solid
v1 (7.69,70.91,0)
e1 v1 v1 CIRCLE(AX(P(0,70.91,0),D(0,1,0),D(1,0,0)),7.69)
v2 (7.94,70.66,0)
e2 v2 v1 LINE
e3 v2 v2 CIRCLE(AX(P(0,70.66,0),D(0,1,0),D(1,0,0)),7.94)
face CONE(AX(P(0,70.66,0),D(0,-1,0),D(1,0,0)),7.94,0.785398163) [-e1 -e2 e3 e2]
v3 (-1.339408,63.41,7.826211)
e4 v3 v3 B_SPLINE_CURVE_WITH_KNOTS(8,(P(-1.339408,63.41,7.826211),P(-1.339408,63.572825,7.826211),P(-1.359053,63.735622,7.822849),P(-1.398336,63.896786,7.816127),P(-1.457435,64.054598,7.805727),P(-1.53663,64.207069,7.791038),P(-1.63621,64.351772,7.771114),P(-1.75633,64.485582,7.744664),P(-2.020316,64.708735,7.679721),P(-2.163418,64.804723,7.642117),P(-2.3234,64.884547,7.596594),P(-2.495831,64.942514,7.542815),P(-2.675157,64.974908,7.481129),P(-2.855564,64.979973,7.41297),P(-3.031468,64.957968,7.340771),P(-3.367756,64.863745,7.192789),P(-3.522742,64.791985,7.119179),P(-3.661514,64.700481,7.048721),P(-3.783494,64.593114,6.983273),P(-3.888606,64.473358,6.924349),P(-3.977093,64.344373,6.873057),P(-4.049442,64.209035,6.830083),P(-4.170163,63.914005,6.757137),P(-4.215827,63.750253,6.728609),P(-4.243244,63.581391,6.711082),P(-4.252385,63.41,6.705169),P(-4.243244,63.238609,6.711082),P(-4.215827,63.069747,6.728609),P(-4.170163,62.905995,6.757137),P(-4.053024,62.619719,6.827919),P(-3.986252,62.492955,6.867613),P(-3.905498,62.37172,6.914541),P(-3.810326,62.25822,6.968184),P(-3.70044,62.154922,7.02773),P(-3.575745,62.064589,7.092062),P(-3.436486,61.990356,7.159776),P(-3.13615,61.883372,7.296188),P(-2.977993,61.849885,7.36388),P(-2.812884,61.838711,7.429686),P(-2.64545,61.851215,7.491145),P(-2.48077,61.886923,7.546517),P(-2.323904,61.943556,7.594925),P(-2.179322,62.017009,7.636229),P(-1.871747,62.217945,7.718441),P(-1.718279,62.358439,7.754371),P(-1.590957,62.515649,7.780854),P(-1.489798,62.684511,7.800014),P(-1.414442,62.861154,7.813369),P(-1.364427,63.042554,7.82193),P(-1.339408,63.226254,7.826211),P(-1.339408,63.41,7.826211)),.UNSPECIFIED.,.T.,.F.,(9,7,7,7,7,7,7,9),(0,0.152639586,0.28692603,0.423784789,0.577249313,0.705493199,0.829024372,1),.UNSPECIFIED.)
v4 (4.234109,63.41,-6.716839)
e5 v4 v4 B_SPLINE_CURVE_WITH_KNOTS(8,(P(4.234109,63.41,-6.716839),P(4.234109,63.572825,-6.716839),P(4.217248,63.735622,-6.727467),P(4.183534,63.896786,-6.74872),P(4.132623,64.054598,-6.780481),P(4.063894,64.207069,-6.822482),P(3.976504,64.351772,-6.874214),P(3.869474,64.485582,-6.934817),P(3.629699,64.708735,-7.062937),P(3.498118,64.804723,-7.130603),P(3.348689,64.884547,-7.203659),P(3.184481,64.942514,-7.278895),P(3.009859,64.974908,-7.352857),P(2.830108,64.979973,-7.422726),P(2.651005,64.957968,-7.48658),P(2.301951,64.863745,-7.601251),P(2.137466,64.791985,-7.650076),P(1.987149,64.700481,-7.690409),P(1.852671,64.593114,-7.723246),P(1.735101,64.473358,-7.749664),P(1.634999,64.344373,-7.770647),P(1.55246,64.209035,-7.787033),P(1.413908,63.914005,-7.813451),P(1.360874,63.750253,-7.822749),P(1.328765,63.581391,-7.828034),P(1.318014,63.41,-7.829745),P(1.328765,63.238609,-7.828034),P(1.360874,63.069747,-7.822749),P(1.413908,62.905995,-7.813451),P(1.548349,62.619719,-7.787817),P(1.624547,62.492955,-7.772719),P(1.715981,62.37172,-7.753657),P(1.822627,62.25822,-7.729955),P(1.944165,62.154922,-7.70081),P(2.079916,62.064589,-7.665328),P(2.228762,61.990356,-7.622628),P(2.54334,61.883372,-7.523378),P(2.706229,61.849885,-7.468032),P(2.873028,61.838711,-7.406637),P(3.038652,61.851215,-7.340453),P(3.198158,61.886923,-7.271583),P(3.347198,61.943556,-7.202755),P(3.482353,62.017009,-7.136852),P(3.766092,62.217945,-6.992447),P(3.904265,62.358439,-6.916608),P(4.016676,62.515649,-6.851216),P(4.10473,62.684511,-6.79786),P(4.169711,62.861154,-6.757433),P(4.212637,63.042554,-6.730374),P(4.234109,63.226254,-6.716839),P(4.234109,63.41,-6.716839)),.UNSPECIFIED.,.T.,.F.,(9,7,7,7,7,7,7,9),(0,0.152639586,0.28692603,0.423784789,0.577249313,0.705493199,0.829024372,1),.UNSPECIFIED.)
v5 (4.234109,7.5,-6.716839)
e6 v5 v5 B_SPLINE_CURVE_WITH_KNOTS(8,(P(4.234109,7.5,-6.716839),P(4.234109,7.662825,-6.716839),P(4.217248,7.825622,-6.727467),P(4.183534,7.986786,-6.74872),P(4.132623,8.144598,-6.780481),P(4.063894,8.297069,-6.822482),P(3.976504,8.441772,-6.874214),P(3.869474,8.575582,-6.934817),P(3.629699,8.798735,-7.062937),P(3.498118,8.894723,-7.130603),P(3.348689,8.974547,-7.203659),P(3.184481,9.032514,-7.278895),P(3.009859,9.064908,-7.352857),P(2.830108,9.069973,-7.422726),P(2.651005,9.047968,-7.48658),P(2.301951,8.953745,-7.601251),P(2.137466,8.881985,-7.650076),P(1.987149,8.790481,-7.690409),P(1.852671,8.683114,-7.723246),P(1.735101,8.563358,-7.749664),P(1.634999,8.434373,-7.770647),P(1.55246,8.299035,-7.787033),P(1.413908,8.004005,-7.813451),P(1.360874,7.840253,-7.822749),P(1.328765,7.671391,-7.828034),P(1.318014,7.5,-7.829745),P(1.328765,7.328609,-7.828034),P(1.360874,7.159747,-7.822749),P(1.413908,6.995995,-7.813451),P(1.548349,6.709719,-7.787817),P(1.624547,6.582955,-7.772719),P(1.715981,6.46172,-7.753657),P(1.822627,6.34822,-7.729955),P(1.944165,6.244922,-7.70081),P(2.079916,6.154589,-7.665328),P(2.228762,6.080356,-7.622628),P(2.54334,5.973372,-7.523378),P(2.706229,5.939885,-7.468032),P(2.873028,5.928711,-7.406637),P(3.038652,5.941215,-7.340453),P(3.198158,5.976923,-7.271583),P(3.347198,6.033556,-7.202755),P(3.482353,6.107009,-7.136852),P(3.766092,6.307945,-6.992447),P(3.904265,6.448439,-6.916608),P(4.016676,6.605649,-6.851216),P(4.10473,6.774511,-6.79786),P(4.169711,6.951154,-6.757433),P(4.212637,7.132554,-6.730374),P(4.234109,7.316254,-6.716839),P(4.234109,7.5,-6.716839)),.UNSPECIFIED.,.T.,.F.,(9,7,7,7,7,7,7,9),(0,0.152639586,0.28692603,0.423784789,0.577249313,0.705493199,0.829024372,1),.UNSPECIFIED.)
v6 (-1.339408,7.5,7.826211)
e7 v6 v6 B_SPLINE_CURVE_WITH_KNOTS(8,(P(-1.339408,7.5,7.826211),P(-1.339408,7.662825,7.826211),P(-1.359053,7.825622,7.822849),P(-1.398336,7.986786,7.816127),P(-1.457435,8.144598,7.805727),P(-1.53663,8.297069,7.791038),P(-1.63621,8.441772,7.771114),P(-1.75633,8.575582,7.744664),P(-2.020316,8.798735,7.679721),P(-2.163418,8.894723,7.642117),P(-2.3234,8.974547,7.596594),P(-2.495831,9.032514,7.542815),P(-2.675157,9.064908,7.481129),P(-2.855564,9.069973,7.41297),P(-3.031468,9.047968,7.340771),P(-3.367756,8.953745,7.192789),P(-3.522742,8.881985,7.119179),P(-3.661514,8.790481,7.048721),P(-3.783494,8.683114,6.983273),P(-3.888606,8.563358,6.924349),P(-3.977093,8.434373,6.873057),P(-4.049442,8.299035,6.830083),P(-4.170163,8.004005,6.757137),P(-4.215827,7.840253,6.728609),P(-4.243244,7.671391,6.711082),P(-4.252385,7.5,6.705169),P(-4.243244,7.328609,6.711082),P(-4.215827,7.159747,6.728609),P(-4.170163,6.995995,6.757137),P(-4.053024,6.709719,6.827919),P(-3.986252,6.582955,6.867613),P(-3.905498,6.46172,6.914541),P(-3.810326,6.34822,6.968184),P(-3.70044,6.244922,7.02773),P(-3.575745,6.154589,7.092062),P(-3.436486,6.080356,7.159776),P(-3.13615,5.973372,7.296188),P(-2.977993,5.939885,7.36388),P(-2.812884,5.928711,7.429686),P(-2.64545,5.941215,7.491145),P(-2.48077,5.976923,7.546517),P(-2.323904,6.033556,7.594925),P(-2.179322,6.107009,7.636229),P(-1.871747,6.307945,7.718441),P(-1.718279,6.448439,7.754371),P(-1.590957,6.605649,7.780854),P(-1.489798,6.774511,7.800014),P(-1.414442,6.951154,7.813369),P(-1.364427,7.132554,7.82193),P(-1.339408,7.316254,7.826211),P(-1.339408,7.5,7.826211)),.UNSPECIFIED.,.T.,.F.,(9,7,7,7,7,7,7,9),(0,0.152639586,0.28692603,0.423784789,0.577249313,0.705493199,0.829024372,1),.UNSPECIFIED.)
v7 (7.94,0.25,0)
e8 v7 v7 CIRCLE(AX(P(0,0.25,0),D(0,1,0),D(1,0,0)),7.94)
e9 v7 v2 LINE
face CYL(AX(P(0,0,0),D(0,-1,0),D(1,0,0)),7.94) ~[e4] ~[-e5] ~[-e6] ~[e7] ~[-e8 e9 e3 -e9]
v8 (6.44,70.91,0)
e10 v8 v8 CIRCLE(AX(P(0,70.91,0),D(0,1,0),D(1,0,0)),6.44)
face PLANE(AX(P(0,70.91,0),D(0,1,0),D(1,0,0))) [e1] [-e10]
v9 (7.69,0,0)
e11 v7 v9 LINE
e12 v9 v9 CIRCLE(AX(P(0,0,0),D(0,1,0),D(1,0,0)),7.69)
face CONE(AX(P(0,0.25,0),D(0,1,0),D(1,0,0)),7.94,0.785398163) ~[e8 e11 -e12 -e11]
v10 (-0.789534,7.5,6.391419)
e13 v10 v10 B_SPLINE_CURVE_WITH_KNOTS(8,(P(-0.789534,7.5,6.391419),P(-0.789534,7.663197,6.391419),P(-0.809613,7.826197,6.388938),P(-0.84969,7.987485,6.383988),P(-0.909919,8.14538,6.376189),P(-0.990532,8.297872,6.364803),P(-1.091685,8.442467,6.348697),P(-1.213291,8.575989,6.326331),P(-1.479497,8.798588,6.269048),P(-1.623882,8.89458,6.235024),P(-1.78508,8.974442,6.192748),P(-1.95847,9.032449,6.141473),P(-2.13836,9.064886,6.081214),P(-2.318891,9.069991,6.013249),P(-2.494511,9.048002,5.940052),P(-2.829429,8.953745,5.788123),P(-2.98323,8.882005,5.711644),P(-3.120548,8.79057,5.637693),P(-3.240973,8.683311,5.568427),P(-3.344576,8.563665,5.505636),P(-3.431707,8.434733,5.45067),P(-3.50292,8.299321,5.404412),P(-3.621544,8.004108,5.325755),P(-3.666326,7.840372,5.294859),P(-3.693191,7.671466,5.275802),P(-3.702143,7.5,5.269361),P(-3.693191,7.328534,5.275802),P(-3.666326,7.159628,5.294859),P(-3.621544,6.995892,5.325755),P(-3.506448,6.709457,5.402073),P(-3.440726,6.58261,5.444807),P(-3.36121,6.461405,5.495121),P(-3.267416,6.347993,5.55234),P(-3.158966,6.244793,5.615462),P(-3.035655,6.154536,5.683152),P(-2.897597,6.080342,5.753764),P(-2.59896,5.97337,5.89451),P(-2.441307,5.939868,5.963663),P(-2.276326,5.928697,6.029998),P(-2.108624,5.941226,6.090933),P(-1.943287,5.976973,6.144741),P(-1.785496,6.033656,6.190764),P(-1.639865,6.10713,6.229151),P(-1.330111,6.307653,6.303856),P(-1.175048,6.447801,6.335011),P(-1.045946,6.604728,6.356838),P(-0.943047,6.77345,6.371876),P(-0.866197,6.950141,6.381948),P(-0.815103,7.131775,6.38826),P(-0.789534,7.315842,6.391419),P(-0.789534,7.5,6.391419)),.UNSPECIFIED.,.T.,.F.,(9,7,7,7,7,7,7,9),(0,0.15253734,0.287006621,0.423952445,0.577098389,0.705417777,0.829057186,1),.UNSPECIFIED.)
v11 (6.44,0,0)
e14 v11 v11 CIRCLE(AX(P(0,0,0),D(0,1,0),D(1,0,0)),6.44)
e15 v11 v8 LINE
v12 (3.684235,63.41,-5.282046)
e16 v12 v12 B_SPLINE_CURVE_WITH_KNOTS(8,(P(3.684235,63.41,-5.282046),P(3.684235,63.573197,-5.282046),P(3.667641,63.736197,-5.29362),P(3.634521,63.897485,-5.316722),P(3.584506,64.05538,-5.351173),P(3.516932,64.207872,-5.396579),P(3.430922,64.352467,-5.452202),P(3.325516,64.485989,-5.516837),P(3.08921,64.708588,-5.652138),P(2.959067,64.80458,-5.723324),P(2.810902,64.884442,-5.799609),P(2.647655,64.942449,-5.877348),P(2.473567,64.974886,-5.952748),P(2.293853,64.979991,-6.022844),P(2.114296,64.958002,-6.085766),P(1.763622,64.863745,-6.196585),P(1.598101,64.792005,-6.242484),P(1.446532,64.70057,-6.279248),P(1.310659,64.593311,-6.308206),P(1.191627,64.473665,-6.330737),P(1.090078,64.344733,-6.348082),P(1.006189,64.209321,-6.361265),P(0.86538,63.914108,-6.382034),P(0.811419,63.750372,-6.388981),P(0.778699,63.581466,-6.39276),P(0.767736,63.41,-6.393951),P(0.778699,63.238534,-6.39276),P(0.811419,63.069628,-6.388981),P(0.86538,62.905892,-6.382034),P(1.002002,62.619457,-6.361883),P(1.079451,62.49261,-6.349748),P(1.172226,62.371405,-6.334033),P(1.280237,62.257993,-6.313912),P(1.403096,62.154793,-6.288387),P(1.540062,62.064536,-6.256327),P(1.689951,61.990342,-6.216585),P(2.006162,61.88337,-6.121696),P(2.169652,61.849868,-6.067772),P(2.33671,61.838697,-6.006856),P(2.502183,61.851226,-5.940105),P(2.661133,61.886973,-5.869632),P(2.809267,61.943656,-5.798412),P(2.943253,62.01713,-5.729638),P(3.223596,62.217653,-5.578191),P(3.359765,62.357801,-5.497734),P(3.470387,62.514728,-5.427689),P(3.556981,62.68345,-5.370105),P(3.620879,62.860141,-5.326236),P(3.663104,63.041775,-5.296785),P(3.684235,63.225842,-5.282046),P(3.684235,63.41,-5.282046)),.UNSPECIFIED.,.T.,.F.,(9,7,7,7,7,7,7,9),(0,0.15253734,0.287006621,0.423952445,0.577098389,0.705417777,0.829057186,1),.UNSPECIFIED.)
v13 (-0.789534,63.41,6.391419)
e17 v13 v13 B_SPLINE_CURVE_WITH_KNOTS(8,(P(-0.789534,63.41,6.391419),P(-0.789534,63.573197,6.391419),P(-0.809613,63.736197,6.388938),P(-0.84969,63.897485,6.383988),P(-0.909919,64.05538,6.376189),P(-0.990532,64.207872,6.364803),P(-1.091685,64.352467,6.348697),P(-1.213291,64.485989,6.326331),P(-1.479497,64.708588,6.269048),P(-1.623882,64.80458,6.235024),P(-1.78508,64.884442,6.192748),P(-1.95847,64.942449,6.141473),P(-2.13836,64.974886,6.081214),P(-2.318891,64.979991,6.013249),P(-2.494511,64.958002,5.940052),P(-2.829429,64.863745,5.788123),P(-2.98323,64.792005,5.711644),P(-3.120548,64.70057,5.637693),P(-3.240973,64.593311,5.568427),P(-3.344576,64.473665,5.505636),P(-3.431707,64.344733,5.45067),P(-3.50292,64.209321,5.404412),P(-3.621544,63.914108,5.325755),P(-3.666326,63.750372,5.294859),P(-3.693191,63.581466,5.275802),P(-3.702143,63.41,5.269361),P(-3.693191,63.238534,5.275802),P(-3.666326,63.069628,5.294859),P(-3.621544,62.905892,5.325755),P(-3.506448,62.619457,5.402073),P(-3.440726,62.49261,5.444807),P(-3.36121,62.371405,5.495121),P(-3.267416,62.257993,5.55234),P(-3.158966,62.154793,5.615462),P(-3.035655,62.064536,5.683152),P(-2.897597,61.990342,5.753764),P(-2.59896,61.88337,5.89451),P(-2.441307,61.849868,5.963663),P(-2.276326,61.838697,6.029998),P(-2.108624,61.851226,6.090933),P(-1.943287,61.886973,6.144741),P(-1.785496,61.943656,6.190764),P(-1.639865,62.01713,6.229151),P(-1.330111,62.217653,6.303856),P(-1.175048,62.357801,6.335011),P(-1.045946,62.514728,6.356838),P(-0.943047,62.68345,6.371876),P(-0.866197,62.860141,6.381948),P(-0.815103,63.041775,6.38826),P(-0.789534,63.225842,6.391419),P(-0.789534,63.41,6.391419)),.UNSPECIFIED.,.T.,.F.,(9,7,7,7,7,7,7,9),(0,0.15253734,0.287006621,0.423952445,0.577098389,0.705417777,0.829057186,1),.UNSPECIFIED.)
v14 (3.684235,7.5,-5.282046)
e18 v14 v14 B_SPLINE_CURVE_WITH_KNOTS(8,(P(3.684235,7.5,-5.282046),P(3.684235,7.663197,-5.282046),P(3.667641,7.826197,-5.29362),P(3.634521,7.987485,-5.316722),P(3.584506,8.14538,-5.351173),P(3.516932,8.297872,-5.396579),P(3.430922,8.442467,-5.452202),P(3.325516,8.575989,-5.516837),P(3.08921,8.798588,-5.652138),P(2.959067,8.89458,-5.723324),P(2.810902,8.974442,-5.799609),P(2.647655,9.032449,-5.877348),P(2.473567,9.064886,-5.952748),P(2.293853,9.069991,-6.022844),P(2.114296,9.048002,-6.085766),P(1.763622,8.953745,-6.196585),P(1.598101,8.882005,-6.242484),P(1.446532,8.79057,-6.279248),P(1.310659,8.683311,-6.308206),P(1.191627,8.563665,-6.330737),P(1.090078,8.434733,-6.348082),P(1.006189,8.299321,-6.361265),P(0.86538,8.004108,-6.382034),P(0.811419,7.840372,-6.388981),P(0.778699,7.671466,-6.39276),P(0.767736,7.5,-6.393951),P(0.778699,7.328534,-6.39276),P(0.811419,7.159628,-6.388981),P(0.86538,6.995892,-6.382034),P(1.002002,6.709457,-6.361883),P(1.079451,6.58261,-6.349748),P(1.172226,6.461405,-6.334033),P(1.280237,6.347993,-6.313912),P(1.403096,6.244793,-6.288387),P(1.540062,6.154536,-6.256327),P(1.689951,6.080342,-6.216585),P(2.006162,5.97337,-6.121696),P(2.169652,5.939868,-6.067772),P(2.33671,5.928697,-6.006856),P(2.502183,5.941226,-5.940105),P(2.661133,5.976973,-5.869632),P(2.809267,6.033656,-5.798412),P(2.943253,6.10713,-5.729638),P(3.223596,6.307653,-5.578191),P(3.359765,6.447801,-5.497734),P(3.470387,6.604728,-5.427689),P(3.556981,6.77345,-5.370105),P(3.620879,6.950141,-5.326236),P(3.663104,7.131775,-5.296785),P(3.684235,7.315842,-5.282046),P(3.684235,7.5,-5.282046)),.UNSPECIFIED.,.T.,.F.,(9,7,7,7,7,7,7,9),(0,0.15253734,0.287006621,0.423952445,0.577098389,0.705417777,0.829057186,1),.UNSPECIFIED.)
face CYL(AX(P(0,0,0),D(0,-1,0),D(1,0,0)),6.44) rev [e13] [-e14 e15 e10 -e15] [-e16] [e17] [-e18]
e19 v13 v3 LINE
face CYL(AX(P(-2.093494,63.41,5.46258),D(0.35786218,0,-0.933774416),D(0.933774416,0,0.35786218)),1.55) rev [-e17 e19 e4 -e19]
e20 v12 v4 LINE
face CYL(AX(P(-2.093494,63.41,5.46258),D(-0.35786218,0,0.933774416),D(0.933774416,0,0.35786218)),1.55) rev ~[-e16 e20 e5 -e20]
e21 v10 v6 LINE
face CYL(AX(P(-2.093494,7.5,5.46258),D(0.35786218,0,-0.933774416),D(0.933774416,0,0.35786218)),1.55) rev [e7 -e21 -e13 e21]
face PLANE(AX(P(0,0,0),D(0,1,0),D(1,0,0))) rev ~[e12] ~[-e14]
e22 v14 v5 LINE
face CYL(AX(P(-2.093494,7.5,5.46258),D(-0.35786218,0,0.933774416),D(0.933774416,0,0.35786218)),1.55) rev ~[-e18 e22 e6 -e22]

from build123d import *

# Parameters (mm, degrees)
SKETCH1_R               = 7.94
SKETCH1_R_2             = 6.44
BOSS_EXTRUDE1_DEPTH     = 70.91
CHAMFER1_SIZE           = 0.25
SKETCH2_R               = 1.55
CUT_EXTRUDE1_DEPTH      = 5.405594573
CUT_EXTRUDE1_DEPTH_BACK = 17.105594573


with BuildPart() as part:
    # Sketch1 → Boss-Extrude1 (new body)
    with BuildSketch(Plane(origin=(0, 0, 0), x_dir=(1, 0, 0), z_dir=(0, 1, 0))):
        Circle(SKETCH1_R)
        Circle(SKETCH1_R_2, mode=Mode.SUBTRACT)
    extrude(amount=BOSS_EXTRUDE1_DEPTH)

    # Chamfer1
    chamfer1_edges = [part.edges().sort_by_distance(p)[0] for p in [
        (-7.94, 0, 0),
        (-7.94, 70.91, 0),
    ]]
    chamfer(chamfer1_edges, length=CHAMFER1_SIZE)

    # Sketch2 → Cut-Extrude1 (cut, two sides)
    with BuildSketch(Plane(origin=(-2.093493753, 0, 5.462580334), x_dir=(0.933774416, 0, 0.35786218), z_dir=(-0.35786218, 0, 0.933774416))) as cut_extrude1_sk:
        with Locations((0, 63.41)):
            Circle(SKETCH2_R)
        with Locations((0, 7.5)):
            Circle(SKETCH2_R)
    extrude(amount=CUT_EXTRUDE1_DEPTH, mode=Mode.SUBTRACT)
    extrude(cut_extrude1_sk.sketch, amount=-CUT_EXTRUDE1_DEPTH_BACK, mode=Mode.SUBTRACT)


solid = part.part
